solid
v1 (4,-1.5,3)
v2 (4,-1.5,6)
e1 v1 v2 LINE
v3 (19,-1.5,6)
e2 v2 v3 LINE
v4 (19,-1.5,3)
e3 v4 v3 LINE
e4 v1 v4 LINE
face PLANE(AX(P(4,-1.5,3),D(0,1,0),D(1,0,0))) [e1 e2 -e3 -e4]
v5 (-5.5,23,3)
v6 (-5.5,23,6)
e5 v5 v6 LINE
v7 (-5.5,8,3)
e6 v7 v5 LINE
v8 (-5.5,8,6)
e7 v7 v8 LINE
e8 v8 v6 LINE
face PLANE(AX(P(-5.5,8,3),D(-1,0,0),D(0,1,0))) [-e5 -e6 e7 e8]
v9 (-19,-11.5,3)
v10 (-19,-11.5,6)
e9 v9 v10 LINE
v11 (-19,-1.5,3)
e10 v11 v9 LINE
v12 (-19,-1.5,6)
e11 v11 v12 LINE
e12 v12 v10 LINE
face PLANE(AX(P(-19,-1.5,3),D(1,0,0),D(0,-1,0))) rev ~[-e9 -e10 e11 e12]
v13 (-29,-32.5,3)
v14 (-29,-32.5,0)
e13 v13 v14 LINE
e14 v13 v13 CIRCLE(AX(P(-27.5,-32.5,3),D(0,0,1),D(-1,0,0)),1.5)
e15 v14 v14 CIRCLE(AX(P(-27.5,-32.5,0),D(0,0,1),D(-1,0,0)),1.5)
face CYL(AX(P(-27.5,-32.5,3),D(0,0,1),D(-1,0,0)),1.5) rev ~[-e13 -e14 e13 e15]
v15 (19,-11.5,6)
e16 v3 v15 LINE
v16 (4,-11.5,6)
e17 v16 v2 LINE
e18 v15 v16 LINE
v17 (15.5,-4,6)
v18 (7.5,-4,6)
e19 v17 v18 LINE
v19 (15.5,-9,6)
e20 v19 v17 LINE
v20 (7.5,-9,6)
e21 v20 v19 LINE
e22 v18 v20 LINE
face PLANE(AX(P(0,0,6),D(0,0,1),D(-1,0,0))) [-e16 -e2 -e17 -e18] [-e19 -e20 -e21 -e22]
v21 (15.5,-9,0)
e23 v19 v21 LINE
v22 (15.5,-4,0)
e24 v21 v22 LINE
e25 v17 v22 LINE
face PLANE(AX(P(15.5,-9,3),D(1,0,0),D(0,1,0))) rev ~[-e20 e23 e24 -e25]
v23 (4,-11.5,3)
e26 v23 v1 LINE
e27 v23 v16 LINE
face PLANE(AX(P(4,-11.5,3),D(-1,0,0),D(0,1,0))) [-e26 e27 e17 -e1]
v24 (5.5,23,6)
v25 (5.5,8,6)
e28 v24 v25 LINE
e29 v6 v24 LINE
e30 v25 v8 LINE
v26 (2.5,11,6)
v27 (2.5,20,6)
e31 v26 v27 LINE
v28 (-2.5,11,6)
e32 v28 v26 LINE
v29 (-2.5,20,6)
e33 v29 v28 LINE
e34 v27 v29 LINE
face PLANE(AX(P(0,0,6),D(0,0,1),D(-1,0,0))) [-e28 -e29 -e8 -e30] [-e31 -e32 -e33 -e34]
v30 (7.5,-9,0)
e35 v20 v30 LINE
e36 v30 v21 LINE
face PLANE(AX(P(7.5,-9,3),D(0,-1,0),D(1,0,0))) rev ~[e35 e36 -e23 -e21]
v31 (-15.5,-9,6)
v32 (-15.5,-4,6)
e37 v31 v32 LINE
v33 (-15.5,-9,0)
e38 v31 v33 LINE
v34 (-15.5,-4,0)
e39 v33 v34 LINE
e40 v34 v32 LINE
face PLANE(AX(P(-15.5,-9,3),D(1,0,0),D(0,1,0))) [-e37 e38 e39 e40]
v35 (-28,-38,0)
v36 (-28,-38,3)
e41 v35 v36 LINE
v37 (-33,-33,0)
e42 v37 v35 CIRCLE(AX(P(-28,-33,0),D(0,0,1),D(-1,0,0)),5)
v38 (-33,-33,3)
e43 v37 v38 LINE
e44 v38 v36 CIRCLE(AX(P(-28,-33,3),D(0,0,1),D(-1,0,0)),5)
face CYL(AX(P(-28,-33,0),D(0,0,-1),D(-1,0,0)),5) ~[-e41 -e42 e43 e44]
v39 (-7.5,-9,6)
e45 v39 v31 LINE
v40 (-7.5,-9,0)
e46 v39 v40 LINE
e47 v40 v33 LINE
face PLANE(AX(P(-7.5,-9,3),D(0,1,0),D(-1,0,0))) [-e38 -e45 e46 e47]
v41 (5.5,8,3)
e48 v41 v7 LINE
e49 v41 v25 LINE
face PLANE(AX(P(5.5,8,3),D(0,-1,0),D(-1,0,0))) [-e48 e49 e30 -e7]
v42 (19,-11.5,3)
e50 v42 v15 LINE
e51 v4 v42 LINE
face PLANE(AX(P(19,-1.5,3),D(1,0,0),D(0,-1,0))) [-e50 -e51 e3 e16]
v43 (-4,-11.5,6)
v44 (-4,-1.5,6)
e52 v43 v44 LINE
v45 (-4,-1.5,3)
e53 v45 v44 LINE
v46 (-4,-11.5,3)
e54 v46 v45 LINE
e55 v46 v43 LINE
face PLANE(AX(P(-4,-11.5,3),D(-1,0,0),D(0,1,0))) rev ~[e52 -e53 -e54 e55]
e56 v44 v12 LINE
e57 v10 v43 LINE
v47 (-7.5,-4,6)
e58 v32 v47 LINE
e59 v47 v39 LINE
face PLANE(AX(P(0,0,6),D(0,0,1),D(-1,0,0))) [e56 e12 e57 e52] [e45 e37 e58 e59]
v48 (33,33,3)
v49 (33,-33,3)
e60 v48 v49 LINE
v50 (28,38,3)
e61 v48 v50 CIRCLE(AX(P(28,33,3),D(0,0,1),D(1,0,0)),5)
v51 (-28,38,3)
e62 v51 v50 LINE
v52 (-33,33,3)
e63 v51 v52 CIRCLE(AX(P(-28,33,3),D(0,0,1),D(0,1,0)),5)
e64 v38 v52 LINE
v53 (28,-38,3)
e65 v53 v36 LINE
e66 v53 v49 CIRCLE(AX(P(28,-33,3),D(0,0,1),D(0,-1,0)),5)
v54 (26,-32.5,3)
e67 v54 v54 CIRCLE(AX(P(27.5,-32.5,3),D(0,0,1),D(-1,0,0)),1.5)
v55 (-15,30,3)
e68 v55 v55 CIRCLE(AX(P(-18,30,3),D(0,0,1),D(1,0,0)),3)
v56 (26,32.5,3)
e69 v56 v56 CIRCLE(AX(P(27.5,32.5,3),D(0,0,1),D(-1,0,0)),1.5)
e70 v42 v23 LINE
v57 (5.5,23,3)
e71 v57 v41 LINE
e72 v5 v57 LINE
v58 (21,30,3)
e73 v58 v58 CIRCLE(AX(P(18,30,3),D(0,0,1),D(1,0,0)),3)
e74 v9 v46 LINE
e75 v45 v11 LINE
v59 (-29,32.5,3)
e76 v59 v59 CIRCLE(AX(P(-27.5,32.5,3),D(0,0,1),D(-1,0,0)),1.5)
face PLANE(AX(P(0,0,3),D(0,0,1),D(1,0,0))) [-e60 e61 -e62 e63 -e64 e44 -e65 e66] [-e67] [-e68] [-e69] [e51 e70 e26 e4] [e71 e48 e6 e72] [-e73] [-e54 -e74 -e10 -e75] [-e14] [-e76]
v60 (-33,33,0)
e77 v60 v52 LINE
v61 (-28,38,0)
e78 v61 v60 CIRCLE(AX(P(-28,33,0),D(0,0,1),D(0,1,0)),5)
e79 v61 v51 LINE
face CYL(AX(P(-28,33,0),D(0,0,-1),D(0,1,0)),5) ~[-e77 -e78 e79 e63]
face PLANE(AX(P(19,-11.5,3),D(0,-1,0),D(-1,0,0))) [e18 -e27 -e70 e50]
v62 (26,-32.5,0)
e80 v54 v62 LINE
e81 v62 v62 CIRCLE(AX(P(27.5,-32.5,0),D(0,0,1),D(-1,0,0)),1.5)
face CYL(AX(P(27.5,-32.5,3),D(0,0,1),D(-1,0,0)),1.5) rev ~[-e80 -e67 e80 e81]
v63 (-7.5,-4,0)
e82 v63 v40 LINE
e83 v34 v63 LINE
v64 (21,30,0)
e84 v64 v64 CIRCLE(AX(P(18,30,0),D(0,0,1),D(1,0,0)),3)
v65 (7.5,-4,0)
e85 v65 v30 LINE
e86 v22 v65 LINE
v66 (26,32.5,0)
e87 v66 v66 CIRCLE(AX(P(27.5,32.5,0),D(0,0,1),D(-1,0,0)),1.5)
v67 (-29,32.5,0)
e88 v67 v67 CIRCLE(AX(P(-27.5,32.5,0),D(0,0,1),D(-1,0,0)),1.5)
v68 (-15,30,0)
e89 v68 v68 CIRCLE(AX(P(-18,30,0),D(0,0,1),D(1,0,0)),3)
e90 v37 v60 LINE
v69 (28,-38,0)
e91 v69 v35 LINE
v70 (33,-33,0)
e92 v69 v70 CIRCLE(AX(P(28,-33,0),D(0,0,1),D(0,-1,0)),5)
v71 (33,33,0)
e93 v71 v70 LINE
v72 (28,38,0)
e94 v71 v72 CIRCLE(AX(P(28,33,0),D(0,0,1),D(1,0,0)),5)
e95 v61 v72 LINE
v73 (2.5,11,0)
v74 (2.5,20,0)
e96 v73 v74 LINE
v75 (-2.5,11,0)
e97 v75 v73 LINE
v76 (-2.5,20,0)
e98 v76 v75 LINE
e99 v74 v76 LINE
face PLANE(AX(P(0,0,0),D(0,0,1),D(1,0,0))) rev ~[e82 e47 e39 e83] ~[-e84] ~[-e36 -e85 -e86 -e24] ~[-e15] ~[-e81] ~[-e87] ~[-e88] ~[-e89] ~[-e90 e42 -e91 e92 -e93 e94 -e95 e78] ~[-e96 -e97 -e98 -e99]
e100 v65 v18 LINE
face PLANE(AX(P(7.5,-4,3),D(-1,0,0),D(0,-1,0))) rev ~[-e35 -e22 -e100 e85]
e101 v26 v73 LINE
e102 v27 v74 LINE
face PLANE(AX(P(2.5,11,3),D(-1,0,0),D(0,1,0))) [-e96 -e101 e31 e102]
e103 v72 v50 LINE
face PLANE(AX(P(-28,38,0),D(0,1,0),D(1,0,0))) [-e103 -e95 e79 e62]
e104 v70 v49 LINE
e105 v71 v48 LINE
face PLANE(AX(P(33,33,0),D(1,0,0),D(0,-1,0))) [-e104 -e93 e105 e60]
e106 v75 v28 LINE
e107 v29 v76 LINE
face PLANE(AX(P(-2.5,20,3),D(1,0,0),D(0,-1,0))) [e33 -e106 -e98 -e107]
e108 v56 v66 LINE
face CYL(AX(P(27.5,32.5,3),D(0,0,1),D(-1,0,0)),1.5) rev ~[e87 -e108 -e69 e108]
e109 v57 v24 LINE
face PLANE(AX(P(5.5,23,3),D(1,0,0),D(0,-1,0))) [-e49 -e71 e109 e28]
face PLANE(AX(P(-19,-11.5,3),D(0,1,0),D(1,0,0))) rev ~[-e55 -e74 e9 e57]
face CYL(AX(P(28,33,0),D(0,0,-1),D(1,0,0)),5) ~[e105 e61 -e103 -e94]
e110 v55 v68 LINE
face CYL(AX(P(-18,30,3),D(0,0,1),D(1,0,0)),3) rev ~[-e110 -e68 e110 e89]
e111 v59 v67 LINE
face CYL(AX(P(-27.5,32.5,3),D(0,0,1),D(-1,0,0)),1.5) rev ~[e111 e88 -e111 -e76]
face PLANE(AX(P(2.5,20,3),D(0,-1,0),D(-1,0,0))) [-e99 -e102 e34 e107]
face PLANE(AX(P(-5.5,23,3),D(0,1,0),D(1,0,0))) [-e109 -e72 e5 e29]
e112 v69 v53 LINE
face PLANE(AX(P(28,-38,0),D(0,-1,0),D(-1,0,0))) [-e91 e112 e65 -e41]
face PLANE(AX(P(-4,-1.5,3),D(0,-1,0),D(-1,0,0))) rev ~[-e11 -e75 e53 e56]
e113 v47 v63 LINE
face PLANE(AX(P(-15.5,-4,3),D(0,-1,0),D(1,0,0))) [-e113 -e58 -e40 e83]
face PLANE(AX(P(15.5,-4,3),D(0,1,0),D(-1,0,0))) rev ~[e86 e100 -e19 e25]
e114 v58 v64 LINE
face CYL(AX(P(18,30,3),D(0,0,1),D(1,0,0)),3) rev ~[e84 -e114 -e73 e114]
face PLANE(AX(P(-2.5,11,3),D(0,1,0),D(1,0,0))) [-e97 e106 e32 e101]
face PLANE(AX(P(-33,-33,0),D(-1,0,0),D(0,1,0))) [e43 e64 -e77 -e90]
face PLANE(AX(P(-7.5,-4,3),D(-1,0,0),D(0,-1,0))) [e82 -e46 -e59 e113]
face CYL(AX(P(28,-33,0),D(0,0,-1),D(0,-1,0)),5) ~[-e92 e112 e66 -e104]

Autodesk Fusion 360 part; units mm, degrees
sketch "Sketch1" plane through (0, 0, 0) normal (0, 0, 1) x (1, 0, 0) in component "Upper Layer"
  line L0 (30, -35) -> (-30, -35)
  line L1 (-30, -35) -> (-30, 35)
  line L2 (-30, 35) -> (30, 35)
  line L3 (30, 35) -> (30, -35)
  line L4 (30, -35) -> (-30, 35) construction
  line L5 (-30, -35) -> (30, 35) construction
  line L6 (28, -38) -> (-28, -38)
  line L7 (-33, -33) -> (-33, 33)
  line L8 (-28, 38) -> (28, 38)
  line L9 (33, 33) -> (33, -33)
  line L10 (33, -38) -> (-33, 38) construction
  line L11 (-33, -38) -> (33, 38) construction
  arc A0 (-28, 38) -> (-33, 33) centre (-28, 33) ccw
  arc A1 (33, 33) -> (28, 38) centre (28, 33) ccw
  arc A2 (-33, -33) -> (-28, -38) centre (-28, -33) ccw
  arc A3 (28, -38) -> (33, -33) centre (28, -33) ccw
  dimension "d1" = 60
  dimension "d2" = 70
  dimension "d3" = 66
  dimension "d4" = 76
  dimension "d51" = 5
  dimension "d52" = 5
  dimension "d53" = 5
  dimension "d54" = 5
extrude "Extrude1" add sketch "Sketch1" along normal blind 3 contours L0 L1 L2 L3 | L6 L7 L8 L9 A0 A1 A2 A3 in component "Upper Layer"
sketch "Sketch2" plane through (0, 0, 3) normal (0, 0, 1) x (-1, 0, 0) in component "Upper Layer"
  line L0 (-28, -38) -> (28, -38)
  line L1 (33, -33) -> (33, 33)
  line L2 (28, 38) -> (-28, 38)
  line L3 (-33, 33) -> (-33, -33)
  line L4 (-30, 35) -> (30, 35)
  line L5 (30, 35) -> (30, -35)
  line L6 (30, -35) -> (-30, -35)
  line L7 (-30, -35) -> (-30, 35)
  line L8 (-30, 35) -> (30, -35) construction
  line L9 (30, 35) -> (-30, -35) construction
  line L10 (0, 35) -> (0, -35) construction
  line L11 (2.5, -11) -> (-2.5, -11)
  line L12 (-2.5, -11) -> (-2.5, -20)
  line L13 (-2.5, -20) -> (2.5, -20)
  line L14 (2.5, -20) -> (2.5, -11)
  line L15 (2.5, -11) -> (-2.5, -20) construction
  line L16 (-2.5, -11) -> (2.5, -20) construction
  line L17 (0, -11) -> (0, 9) construction
  line L18 (0, 9) -> (-7.5, 9) construction
  line L19 (-7.5, 9) -> (-15.5, 9)
  line L20 (-15.5, 9) -> (-15.5, 4)
  line L21 (-15.5, 4) -> (-7.5, 4)
  line L22 (-7.5, 4) -> (-7.5, 9)
  line L23 (15.5, 4) -> (7.5, 4)
  line L24 (7.5, 4) -> (7.5, 9)
  line L25 (15.5, 9) -> (15.5, 4)
  line L26 (7.5, 9) -> (15.5, 9)
  line L27 (-5.5, -8) -> (5.5, -8)
  line L28 (5.5, -8) -> (5.5, -23)
  line L29 (5.5, -23) -> (-5.5, -23)
  line L30 (-5.5, -23) -> (-5.5, -8)
  line L31 (-5.5, -8) -> (5.5, -23) construction
  line L32 (5.5, -8) -> (-5.5, -23) construction
  line L33 (-11.5, 9) -> (-11.5, 4) construction
  line L34 (-7.5, 6.5) -> (-15.5, 6.5) construction
  line L35 (-19, 11.5) -> (-4, 11.5)
  line L36 (-4, 11.5) -> (-4, 1.5)
  line L37 (-4, 1.5) -> (-19, 1.5)
  line L38 (-19, 1.5) -> (-19, 11.5)
  line L39 (-19, 11.5) -> (-4, 1.5) construction
  line L40 (-4, 11.5) -> (-19, 1.5) construction
  line L41 (4, 1.5) -> (19, 1.5)
  line L42 (4, 11.5) -> (4, 1.5)
  line L43 (19, 11.5) -> (4, 11.5)
  line L44 (19, 1.5) -> (19, 11.5)
  arc A0 (33, 33) -> (28, 38) centre (28, 33) ccw
  arc A1 (-28, 38) -> (-33, 33) centre (-28, 33) ccw
  arc A2 (-33, -33) -> (-28, -38) centre (-28, -33) ccw
  arc A3 (28, -38) -> (33, -33) centre (28, -33) ccw
  point P0 (0, -15.5)
  point P1 (0, -15.5)
  point P2 (-11.5, 6.5)
  dimension "d7" = 5
  dimension "d8" = 9
  dimension "d9" = 20
  dimension "d10" = 7.5
  dimension "d11" = 8
  dimension "d12" = 5
  dimension "d13" = 11
  dimension "d14" = 15
  dimension "d15" = 15
  dimension "d16" = 10
extrude "Extrude2" cut sketch "Sketch2" against normal up to surface (3 mm away) contours L11 L12 L13 L14 in component "Upper Layer"
extrude "Extrude3" add sketch "Sketch2" along normal blind 3 contours L27 L28 L29 L30 in component "Upper Layer"
extrude "Extrude4" cut sketch "Sketch2" against normal up to surface (3 mm away) contours L19 L20 L21 L22 | L23 L24 L25 L26 in component "Upper Layer"
extrude "Extrude5" add sketch "Sketch2" along normal blind 3 contours L35 L36 L37 L38 | L41 L42 L43 L44 in component "Upper Layer"
sketch "Sketch2 (2)" plane through (0, 0, -8.9199) normal (0, 0, -1) x (1, 0, 0)
  line L0 (22.45, -32.5) -> (22.45, -27.6)
  line L1 (22.45, -27.6) -> (17.55, -27.6)
  line L2 (17.55, -27.6) -> (17.55, -32.5)
  line L3 (17.55, -32.5) -> (22.45, -32.5)
  line L4 (-17.55, -32.45) -> (-17.55, -27.55)
  line L5 (-17.55, -27.55) -> (-22.45, -27.55)
  line L6 (-22.45, -27.55) -> (-22.45, -32.45)
  line L7 (-22.45, -32.45) -> (-17.55, -32.45)
sketch "Sketch4" plane through (0, 0, 3) normal (0, 0, 1) x (1, 0, 0) in component "Upper Layer"
  line L0 (0, 30) -> (-18, 30) construction
  circle A0 centre (-18, 30) radius 3
  line L1 (-18, 30) -> (-15, 30)
  line L2 (-18, 30) -> (-7.5877, 30) construction
  line L3 (-18, 30) -> (18, 30) construction
  circle A1 centre (18, 30) radius 3
  dimension "d37" = 6
  dimension "d38" = 36
  dimension "d39" = 6
  dimension "d50" = 18
extrude "Extrude9" cut sketch "Sketch4" against normal up to surface (3 mm away) in component "Upper Layer"
sketch "Sketch3" plane through (0, 0, 3) normal (0, 0, 1) x (-1, 0, 0)
  line L0 (30, 35) -> (27.5, 35) construction
  line L1 (30, 35) -> (30, 32.5) construction
  circle A0 centre (27.5, 32.5) radius 2.5
  line L2 (40, 0) -> (-40, 0)
  line L3 (0, -45) -> (0, 47.452)
  circle A1 centre (27.5, -32.5) radius 2.5
  circle A2 centre (-27.5, -32.5) radius 2.5
  circle A3 centre (-27.5, 32.5) radius 2.5
  circle A4 centre (27.5, -32.5) radius 1.5
  circle A5 centre (27.5, 32.5) radius 1.5
  circle A6 centre (-27.5, -32.5) radius 1.5
  circle A7 centre (-27.5, 32.5) radius 1.5
  dimension "d42" = 2.5
  dimension "d43" = 2.5
  dimension "d44" = 3
  dimension "d45" = 3
  dimension "d46" = 3
  dimension "d47" = 3
extrude "Extrude10" cut sketch "Sketch3" against normal blind 3 contours A4 | A5 | A6 | A7 in component "Upper Layer"
component "Upper Layer" placed x (1, 0, 0) y (0, 1, 0) z (0, 0, 1) at (0, 0, 0)
equation "d10 = ( 15 / 2 ) * 1 mm"
